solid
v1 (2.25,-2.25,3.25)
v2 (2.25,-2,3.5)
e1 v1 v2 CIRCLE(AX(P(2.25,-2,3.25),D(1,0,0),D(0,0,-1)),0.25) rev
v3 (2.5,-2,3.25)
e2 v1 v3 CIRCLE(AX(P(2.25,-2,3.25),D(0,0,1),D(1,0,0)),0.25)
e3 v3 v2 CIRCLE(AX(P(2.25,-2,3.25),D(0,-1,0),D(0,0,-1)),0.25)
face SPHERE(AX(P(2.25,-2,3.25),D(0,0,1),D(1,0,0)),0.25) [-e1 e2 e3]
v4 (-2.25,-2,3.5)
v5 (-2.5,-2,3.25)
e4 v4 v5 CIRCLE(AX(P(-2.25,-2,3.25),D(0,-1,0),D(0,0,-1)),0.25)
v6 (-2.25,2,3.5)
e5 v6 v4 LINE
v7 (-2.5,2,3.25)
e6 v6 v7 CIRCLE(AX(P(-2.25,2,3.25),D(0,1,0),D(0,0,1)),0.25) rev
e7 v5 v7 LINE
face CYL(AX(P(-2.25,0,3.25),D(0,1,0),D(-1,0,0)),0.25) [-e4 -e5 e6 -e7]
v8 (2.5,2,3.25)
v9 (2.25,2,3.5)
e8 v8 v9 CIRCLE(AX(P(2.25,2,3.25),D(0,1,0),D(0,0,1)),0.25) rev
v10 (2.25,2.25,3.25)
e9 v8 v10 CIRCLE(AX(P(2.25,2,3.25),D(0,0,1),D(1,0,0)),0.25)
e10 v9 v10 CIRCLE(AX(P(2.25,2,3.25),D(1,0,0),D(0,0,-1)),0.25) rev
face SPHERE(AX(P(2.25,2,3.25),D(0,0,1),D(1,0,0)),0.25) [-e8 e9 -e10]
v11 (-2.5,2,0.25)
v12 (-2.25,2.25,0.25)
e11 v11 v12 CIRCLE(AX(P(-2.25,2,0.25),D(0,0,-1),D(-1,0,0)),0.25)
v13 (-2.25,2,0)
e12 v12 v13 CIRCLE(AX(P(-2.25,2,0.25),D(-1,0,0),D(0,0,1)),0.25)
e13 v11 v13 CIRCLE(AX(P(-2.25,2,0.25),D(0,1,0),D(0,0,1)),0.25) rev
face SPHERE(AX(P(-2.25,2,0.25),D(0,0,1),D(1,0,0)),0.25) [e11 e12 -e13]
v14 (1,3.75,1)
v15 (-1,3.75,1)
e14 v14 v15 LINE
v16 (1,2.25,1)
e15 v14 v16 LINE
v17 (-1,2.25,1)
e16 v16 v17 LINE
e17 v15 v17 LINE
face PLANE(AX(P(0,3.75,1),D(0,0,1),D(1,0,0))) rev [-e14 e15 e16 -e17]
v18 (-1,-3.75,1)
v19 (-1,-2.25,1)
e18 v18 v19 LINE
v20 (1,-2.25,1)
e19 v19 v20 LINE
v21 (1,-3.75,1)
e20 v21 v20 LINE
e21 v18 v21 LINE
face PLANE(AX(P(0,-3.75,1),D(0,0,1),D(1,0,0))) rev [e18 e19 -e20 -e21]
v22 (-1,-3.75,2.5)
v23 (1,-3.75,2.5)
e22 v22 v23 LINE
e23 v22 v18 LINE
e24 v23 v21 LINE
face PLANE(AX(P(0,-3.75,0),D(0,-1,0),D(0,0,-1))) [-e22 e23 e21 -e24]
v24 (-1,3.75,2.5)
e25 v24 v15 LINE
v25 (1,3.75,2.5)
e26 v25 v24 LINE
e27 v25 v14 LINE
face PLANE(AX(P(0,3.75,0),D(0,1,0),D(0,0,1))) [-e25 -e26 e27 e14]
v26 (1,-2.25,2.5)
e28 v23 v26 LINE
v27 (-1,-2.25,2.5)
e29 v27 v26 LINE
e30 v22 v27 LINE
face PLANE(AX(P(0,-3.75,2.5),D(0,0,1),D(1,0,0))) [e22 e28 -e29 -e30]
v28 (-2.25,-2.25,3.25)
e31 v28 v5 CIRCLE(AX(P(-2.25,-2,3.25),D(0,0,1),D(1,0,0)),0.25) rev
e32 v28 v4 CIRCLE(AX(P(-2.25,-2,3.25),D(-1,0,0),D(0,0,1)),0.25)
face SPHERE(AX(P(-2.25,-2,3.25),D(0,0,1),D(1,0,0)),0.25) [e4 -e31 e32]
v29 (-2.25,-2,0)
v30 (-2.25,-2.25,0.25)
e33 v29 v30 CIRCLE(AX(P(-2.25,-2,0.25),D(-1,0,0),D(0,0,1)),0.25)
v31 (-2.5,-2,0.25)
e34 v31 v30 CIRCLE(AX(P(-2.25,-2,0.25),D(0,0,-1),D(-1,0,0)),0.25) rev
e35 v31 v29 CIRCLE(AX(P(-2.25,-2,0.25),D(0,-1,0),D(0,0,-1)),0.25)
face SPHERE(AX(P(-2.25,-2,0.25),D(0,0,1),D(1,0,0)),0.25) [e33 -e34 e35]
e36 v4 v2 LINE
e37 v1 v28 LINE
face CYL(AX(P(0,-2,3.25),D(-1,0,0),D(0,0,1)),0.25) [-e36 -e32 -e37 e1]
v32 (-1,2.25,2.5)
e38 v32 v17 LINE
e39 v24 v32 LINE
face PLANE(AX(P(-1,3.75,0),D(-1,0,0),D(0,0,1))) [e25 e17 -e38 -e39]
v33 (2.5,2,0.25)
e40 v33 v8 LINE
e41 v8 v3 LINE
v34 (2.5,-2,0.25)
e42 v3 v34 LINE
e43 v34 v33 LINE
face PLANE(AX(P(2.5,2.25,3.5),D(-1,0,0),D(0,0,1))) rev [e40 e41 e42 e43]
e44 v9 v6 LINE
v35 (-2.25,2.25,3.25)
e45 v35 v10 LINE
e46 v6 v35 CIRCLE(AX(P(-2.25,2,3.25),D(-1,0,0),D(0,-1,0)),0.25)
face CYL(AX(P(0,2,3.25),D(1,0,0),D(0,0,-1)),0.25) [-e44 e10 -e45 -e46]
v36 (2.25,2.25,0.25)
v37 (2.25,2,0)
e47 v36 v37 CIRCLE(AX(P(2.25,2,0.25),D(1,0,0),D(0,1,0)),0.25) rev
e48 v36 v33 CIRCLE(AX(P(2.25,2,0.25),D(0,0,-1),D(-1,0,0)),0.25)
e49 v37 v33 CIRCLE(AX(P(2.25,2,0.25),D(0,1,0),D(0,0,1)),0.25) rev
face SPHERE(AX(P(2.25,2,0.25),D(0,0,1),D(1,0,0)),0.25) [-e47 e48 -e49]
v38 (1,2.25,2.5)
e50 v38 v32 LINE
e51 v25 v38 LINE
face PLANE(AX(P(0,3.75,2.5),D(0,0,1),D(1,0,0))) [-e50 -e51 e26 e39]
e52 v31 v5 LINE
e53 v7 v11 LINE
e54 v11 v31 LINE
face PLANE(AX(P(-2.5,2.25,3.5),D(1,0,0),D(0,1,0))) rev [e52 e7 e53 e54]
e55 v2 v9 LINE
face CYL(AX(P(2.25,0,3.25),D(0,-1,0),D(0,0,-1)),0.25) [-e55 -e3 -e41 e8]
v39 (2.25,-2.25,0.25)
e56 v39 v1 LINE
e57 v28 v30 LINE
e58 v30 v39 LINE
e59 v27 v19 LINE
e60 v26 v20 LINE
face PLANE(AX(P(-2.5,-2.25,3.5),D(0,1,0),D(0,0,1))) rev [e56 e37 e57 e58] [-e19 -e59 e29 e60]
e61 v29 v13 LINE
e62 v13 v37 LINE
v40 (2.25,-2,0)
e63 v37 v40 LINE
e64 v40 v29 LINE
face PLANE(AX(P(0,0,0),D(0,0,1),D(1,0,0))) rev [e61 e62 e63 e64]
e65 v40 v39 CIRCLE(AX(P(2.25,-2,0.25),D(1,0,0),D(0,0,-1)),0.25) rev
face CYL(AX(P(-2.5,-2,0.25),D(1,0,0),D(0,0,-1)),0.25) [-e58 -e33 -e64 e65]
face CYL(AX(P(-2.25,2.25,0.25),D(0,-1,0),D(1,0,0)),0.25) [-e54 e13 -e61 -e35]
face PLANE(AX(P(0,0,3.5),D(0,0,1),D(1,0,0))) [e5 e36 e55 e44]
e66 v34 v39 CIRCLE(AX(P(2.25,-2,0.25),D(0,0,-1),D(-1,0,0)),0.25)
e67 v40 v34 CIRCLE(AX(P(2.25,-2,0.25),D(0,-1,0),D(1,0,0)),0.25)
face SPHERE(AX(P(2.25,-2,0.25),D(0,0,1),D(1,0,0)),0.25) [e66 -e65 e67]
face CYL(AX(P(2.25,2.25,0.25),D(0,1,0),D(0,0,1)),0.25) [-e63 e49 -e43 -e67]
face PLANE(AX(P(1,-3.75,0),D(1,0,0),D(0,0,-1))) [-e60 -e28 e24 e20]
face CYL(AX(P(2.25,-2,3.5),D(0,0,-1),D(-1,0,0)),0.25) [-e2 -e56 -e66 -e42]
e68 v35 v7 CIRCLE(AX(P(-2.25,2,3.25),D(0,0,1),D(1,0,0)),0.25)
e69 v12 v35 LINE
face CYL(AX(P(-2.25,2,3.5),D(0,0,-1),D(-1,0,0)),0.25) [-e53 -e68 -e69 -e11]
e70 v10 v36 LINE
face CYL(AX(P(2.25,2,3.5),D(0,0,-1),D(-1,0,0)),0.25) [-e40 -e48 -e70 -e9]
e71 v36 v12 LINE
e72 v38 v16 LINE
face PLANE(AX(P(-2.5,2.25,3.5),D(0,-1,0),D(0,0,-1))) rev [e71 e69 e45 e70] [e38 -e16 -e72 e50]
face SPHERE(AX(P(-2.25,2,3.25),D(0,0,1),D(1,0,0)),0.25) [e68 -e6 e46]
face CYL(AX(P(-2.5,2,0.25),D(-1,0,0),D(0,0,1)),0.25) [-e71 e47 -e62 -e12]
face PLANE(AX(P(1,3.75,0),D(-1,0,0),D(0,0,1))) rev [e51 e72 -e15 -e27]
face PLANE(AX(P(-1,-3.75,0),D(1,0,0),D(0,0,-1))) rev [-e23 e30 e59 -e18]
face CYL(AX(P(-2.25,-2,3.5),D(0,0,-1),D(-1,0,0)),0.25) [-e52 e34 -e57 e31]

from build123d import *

# Parameters (mm, degrees)
SKETCH1_W           = 5
SKETCH1_H           = 4.5
BOSS_EXTRUDE1_DEPTH = 3.5
BOSS_EXTRUDE2_DEPTH = 1.5
BOSS_EXTRUDE3_DEPTH = 1.5
FILLET1_R           = 0.25


with BuildPart() as part:
    # Sketch1 → Boss-Extrude1 (new body)
    with BuildSketch(Plane.XY):
        Rectangle(SKETCH1_W, SKETCH1_H)
    extrude(amount=BOSS_EXTRUDE1_DEPTH)

    # Sketch2 → Boss-Extrude2 (add)
    with BuildSketch(Plane(origin=(0, 2.25, 0), x_dir=(1, 0, 0), z_dir=(0, 1, 0))):
        Polygon((-1, -2.45), (1, -1.05), (1, -1), (-1, -1), align=None)
        Polygon((1, -2.5), (1, -1.05), (-1, -2.45), (-1, -2.5), align=None)
    extrude(amount=BOSS_EXTRUDE2_DEPTH)

    # Sketch3 → Boss-Extrude3 (add)
    with BuildSketch(Plane(origin=(0, -2.25, 0), x_dir=(-1, 0, 0), z_dir=(0, -1, 0))):
        Polygon((-1, -1), (-1, -2.45), (1, -1.05), (1, -1), align=None)
        Polygon((1, -1.05), (-1, -2.45), (-1, -2.5), (1, -2.5), align=None)
    extrude(amount=BOSS_EXTRUDE3_DEPTH)

    # Fillet1
    fillet1_edges = [part.edges().sort_by_distance(p)[0] for p in [
        (-2.5, 0, 3.5),
        (0, -2.25, 3.5),
        (2.5, 0, 3.5),
        (0, -2.25, 0),
        (-2.5, 0, 0),
        (0, 2.25, 0),
        (2.5, 0, 0),
        (0, 2.25, 3.5),
        (2.5, -2.25, 1.75),
        (-2.5, -2.25, 1.75),
        (-2.5, 2.25, 1.75),
        (2.5, 2.25, 1.75),
    ]]
    fillet(fillet1_edges, radius=FILLET1_R)


solid = part.part
